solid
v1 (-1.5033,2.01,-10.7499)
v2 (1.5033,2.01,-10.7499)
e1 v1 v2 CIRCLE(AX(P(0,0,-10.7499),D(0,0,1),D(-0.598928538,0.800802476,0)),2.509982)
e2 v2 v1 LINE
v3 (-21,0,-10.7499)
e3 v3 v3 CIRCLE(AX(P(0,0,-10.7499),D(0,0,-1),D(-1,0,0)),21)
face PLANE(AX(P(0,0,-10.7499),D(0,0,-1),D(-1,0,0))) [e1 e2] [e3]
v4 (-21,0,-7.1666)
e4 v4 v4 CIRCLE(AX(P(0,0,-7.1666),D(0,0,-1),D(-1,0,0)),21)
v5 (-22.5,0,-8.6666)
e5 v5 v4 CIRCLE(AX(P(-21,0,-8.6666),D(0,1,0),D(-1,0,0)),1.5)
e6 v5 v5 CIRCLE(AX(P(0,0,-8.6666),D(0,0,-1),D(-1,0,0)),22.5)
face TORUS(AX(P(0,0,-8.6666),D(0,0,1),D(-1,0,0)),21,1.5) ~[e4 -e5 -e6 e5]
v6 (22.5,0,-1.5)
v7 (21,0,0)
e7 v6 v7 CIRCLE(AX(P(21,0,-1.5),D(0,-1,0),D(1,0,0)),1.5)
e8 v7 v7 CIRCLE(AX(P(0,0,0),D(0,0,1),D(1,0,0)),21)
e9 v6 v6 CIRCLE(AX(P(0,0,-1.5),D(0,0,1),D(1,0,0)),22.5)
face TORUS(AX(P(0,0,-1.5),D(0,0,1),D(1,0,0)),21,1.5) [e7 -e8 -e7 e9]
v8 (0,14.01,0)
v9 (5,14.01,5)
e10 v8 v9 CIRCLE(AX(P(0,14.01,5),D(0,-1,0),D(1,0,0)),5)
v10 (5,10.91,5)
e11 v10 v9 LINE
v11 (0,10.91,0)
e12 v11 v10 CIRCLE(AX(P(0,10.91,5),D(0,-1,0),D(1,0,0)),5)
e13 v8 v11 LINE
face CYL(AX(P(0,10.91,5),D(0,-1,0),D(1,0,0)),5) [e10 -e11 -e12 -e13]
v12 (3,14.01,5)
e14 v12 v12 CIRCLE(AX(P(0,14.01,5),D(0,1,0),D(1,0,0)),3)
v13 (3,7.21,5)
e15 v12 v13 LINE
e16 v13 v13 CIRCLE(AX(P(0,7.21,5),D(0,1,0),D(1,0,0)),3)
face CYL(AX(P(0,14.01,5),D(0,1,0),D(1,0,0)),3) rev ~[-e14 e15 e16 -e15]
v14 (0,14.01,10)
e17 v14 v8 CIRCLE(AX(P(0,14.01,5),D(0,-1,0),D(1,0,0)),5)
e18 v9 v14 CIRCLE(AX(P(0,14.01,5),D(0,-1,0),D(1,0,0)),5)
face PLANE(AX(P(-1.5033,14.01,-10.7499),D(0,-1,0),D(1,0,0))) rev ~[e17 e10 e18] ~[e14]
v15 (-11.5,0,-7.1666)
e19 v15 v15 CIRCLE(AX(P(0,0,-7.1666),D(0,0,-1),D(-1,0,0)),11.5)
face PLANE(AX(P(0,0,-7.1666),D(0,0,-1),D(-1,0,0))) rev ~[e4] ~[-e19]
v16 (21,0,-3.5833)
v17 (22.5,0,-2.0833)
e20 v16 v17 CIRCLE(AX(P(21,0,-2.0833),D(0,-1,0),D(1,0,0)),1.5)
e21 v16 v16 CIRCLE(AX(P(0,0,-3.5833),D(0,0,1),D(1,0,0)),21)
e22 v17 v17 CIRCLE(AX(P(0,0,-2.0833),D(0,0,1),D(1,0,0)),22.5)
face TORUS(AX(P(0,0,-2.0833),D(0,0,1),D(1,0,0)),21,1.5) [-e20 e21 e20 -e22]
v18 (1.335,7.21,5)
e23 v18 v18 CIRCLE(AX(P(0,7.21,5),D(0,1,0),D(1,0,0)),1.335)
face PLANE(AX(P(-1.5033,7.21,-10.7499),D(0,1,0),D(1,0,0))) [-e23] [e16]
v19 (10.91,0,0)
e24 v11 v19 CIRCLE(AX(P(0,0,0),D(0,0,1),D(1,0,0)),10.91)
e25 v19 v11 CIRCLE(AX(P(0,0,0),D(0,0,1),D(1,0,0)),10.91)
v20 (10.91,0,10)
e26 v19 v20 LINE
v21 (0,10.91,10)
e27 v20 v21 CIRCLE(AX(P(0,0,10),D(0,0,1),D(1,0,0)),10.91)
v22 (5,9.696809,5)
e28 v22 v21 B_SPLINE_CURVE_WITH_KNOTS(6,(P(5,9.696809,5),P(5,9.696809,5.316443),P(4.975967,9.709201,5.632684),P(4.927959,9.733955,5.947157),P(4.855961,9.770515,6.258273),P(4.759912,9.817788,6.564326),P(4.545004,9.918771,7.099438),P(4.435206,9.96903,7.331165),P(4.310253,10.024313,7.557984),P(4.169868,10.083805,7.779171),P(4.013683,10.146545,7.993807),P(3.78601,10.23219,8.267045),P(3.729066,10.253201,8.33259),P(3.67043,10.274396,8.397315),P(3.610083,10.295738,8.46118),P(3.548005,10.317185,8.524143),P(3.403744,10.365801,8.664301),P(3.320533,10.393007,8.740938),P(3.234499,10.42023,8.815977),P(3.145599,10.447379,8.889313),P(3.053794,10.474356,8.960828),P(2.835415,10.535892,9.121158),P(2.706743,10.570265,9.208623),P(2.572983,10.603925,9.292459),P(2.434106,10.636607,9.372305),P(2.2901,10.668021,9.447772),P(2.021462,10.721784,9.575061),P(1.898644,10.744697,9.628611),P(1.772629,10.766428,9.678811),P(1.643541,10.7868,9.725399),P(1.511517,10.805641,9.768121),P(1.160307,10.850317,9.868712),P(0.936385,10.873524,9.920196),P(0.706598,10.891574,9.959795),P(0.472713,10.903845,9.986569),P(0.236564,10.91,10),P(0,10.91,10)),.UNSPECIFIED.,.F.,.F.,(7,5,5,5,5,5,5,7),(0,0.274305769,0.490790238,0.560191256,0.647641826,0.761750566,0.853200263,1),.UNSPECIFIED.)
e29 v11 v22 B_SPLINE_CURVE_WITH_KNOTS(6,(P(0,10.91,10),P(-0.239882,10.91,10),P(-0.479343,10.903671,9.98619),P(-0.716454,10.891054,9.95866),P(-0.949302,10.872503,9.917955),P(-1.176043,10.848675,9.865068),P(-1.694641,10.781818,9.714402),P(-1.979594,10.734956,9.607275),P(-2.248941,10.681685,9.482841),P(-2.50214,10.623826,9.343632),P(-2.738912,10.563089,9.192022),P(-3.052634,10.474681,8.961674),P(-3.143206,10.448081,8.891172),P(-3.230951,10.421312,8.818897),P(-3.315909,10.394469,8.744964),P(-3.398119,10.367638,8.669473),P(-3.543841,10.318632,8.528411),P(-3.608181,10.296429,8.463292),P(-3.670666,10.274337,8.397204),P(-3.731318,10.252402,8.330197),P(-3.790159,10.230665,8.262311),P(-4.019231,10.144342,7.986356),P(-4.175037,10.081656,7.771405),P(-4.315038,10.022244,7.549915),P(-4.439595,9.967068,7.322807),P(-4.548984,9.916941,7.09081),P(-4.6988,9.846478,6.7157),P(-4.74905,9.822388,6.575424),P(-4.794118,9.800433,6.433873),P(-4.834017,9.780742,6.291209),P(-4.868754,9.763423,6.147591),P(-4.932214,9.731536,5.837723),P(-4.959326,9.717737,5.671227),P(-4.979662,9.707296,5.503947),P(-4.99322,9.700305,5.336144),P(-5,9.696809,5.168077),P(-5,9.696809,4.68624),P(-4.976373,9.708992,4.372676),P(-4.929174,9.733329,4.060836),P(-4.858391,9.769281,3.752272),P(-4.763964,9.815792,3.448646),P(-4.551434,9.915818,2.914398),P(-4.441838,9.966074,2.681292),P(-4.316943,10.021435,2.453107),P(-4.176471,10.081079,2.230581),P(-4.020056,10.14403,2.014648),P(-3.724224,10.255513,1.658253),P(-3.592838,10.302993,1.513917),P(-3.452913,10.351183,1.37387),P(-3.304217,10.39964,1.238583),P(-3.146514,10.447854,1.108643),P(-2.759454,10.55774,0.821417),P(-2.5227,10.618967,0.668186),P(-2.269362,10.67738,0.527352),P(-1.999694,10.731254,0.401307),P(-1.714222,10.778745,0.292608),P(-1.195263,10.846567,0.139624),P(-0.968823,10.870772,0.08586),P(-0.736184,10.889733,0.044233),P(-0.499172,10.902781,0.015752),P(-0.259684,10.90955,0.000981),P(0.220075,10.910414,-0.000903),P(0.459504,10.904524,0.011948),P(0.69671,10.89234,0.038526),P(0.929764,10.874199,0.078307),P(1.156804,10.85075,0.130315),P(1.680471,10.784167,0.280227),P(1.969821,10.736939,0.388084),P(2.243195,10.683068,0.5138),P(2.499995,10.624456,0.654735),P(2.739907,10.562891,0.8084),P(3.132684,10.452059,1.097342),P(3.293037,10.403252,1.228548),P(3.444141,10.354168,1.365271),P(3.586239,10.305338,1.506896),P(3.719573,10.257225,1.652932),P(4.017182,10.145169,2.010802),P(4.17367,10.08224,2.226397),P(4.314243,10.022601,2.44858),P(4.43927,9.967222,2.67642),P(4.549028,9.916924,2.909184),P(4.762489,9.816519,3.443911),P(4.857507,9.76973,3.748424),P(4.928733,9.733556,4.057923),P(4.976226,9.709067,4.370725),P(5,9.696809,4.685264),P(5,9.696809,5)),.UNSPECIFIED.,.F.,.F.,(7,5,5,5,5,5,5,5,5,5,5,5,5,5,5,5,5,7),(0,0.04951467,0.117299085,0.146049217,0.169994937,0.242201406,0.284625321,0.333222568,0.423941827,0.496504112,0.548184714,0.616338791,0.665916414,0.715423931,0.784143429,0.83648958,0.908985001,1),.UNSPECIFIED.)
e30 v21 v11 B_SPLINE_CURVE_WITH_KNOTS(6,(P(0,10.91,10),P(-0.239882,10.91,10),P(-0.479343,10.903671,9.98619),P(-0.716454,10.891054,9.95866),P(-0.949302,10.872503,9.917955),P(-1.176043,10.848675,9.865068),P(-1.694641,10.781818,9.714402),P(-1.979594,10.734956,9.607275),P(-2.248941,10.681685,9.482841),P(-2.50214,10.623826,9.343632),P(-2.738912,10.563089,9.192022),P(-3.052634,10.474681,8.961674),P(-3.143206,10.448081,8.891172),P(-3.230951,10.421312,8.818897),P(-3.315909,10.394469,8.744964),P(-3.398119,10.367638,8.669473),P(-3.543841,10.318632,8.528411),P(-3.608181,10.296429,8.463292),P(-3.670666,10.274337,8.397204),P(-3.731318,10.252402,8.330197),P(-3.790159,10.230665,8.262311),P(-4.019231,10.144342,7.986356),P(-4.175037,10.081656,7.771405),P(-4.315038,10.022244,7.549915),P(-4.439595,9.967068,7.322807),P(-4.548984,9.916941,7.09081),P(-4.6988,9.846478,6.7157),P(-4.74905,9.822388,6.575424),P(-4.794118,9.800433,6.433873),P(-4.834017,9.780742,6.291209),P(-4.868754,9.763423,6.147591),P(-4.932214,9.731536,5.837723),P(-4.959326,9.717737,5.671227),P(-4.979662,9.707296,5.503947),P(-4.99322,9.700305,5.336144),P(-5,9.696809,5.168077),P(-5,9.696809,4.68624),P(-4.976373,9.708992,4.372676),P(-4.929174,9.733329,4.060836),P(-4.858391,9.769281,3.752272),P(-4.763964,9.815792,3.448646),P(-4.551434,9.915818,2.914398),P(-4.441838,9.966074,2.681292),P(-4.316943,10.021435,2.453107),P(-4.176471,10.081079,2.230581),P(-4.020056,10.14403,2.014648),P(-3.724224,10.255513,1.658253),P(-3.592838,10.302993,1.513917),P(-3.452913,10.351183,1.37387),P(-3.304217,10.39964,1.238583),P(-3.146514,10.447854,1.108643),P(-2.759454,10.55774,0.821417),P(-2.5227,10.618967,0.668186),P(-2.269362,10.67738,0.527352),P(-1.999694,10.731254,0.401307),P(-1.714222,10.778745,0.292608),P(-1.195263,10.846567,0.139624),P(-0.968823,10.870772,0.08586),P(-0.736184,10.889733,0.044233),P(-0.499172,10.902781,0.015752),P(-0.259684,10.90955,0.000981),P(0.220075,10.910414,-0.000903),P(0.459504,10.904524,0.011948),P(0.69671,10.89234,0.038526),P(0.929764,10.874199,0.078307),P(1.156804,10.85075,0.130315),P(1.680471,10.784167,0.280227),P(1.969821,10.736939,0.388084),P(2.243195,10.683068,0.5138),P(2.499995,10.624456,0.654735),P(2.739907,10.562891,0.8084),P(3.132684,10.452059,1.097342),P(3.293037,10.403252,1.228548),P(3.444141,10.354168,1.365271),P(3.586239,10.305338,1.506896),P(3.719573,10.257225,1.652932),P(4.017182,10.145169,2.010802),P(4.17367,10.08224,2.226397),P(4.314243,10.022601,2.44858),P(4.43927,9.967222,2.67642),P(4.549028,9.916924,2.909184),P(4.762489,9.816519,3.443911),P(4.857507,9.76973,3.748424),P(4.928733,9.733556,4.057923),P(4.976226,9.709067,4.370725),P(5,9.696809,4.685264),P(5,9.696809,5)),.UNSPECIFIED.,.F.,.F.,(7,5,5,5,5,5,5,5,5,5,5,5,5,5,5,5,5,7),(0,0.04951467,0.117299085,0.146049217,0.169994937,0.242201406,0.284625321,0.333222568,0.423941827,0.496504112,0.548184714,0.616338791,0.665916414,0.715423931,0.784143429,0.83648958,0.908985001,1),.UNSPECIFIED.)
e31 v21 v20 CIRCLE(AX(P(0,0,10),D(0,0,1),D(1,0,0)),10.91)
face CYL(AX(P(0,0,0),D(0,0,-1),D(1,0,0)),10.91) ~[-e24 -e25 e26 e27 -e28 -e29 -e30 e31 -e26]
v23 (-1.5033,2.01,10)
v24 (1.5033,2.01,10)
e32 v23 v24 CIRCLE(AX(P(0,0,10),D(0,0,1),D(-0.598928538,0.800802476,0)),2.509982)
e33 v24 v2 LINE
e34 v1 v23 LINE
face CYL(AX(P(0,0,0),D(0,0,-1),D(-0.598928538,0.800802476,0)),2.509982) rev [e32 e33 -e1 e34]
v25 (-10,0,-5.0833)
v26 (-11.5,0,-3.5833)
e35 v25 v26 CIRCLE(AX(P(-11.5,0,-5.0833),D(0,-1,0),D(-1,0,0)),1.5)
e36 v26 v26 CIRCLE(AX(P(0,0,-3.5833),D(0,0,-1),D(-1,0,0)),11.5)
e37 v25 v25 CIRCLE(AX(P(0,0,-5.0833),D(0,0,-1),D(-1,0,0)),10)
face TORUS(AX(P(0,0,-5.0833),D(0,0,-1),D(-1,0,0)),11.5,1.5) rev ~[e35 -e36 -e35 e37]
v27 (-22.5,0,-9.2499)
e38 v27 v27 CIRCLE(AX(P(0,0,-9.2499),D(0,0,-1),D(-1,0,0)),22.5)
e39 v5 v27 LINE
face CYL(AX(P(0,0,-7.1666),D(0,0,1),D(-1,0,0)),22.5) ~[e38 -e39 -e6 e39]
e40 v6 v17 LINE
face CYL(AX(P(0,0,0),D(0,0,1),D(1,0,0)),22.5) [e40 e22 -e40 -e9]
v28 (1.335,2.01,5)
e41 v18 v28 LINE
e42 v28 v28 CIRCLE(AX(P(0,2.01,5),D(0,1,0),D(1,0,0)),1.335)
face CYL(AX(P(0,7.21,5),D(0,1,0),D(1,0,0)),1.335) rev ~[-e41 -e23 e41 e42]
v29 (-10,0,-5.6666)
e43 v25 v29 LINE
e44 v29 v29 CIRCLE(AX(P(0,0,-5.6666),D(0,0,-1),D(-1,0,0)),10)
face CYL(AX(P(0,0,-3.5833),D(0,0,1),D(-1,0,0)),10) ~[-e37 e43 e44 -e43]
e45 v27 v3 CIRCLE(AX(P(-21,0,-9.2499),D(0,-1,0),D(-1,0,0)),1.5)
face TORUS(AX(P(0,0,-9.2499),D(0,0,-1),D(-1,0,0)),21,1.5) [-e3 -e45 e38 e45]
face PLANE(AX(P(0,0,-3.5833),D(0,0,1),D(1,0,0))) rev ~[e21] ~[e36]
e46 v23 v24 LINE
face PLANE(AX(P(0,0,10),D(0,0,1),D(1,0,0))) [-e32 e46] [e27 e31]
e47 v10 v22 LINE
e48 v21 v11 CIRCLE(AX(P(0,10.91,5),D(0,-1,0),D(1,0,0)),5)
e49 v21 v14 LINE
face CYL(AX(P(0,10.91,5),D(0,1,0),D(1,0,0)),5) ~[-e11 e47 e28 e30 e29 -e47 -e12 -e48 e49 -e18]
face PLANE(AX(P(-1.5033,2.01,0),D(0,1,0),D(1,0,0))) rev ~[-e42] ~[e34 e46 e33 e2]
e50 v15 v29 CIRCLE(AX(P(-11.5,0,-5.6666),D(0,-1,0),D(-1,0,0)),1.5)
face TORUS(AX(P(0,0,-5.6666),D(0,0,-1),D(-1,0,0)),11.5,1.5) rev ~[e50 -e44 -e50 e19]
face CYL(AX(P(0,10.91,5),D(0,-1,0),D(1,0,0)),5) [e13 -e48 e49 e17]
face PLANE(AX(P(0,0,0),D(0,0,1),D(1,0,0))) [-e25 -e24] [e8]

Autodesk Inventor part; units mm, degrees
ref_plane "YZ Plane" through (0, 0, 0) normal (1, 0, 0) x (0, 1, 0)
ref_plane "XZ Plane" through (0, 0, 0) normal (0, 1, 0) x (-1, 0, 0)
sketch "Sketch1" plane through (0, 0, 0) normal (0, 0, 1) x (1, 0, 0)
  circle A0 centre (0, 0) radius 22.5
  dimension "d0" = 45
extrude "Extrusion1" add sketch "Sketch1" against normal blind 3.5833
sketch "Sketch2" plane through (0, 0, -3.5833) normal (0, 0, -1) x (-1, 0, 0)
  circle A0 centre (0, 0) radius 10
  dimension "d14" = 20
extrude "Extrusion2" add sketch "Sketch2" along normal blind 3.5833
sketch "Sketch3" plane through (0, 0, -7.1666) normal (0, 0, -1) x (-1, 0, 0)
  circle A0 centre (0, 0) radius 22.5
  dimension "d19" = 45
extrude "Extrusion3" add sketch "Sketch3" along normal blind 3.5833
fillet "Fillet2" radius 1.5 6 edges at (-22.5, 0, 0) (22.5, 0, -7.1666) (22.5, 0, -10.7499) (-22.5, 0, -3.5833) (10, 0, -7.1666) (10, 0, -3.5833)
sketch "Sketch4" plane through (0, 0, 0) normal (0, 0, 1) x (1, 0, 0)
  arc A0 (-1.5033, 2.01) -> (1.5033, 2.01) centre (0, 0) ccw
  line L0 (-1.5033, 2.01) -> (1.5033, 2.01)
  dimension "d15" = 5.02
extrude "Extrusion4" cut sketch "Sketch4" against normal through all
sketch "Sketch5" plane through (0, 0, 0) normal (0, 0, 1) x (1, 0, 0)
  arc A0 (-1.5033, 2.01) -> (1.5033, 2.01) centre (0, 0) ccw projected
  circle A1 centre (0, 0) radius 10.91
  line L0 (-1.5033, 2.01) -> (1.5033, 2.01) projected
  point P0 (0, 10.91)
  point P1 (0, 2.01)
  dimension "d21" = 21.82
  dimension "d20" = 8.9
extrude "Extrusion5" add sketch "Sketch5" along normal blind 10
ref_plane "Work Plane1" through (-1.5033, 10.91, -10.7499) normal (0, -1, 0) x (1, 0, 0)
sketch "Sketch10" plane through (-1.5033, 10.91, -10.7499) normal (0, -1, 0) x (1, 0, 0)
  circle A0 centre (1.5033, 15.7499) radius 5
  line L0 (12.4133, 20.7499) -> (-9.4067, 20.7499) projected
  point P0 (1.5033, 10.7499)
  dimension "d40" = 10
  dimension "d51" = 5
extrude "Extrusion9" add sketch "Sketch10" along normal mid plane 6.2
sketch "Sketch11" plane through (-1.5033, 14.01, -10.7499) normal (0, 1, 0) x (1, 0, 0)
  circle A0 centre (1.5033, -15.7499) radius 3
  circle A1 centre (1.5033, -15.7499) radius 5 projected
  point P0 (1.5033, -10.7499)
  point P1 (1.2173, -10.7499)
  point P2 (1.7894, -10.7499)
  point P3 (1.5033, -20.7499)
  dimension "d43" = 6
  dimension "d44" = 5
extrude "Extrusion10" cut sketch "Sketch11" against normal blind 6.8 contours A0
sketch "Sketch12" plane through (0, 7.21, 5) normal (0, 1, 0) x (1, 0, 0)
  circle A0 centre (0, 0) radius 1.335
  circle A1 centre (0, 0) radius 5 projected
  point P0 (0, 5)
  point P1 (-0.2861, 3.9898)
  point P2 (0.2861, 3.9898)
  point P3 (0, -5)
  dimension "d47" = 2.67
  dimension "d48" = 5
extrude "Extrusion11" cut sketch "Sketch12" against normal up to surface (5.2 mm away) contours A0
properties part number "Motor Spool For Door Opener" material "ABS Plastic"
